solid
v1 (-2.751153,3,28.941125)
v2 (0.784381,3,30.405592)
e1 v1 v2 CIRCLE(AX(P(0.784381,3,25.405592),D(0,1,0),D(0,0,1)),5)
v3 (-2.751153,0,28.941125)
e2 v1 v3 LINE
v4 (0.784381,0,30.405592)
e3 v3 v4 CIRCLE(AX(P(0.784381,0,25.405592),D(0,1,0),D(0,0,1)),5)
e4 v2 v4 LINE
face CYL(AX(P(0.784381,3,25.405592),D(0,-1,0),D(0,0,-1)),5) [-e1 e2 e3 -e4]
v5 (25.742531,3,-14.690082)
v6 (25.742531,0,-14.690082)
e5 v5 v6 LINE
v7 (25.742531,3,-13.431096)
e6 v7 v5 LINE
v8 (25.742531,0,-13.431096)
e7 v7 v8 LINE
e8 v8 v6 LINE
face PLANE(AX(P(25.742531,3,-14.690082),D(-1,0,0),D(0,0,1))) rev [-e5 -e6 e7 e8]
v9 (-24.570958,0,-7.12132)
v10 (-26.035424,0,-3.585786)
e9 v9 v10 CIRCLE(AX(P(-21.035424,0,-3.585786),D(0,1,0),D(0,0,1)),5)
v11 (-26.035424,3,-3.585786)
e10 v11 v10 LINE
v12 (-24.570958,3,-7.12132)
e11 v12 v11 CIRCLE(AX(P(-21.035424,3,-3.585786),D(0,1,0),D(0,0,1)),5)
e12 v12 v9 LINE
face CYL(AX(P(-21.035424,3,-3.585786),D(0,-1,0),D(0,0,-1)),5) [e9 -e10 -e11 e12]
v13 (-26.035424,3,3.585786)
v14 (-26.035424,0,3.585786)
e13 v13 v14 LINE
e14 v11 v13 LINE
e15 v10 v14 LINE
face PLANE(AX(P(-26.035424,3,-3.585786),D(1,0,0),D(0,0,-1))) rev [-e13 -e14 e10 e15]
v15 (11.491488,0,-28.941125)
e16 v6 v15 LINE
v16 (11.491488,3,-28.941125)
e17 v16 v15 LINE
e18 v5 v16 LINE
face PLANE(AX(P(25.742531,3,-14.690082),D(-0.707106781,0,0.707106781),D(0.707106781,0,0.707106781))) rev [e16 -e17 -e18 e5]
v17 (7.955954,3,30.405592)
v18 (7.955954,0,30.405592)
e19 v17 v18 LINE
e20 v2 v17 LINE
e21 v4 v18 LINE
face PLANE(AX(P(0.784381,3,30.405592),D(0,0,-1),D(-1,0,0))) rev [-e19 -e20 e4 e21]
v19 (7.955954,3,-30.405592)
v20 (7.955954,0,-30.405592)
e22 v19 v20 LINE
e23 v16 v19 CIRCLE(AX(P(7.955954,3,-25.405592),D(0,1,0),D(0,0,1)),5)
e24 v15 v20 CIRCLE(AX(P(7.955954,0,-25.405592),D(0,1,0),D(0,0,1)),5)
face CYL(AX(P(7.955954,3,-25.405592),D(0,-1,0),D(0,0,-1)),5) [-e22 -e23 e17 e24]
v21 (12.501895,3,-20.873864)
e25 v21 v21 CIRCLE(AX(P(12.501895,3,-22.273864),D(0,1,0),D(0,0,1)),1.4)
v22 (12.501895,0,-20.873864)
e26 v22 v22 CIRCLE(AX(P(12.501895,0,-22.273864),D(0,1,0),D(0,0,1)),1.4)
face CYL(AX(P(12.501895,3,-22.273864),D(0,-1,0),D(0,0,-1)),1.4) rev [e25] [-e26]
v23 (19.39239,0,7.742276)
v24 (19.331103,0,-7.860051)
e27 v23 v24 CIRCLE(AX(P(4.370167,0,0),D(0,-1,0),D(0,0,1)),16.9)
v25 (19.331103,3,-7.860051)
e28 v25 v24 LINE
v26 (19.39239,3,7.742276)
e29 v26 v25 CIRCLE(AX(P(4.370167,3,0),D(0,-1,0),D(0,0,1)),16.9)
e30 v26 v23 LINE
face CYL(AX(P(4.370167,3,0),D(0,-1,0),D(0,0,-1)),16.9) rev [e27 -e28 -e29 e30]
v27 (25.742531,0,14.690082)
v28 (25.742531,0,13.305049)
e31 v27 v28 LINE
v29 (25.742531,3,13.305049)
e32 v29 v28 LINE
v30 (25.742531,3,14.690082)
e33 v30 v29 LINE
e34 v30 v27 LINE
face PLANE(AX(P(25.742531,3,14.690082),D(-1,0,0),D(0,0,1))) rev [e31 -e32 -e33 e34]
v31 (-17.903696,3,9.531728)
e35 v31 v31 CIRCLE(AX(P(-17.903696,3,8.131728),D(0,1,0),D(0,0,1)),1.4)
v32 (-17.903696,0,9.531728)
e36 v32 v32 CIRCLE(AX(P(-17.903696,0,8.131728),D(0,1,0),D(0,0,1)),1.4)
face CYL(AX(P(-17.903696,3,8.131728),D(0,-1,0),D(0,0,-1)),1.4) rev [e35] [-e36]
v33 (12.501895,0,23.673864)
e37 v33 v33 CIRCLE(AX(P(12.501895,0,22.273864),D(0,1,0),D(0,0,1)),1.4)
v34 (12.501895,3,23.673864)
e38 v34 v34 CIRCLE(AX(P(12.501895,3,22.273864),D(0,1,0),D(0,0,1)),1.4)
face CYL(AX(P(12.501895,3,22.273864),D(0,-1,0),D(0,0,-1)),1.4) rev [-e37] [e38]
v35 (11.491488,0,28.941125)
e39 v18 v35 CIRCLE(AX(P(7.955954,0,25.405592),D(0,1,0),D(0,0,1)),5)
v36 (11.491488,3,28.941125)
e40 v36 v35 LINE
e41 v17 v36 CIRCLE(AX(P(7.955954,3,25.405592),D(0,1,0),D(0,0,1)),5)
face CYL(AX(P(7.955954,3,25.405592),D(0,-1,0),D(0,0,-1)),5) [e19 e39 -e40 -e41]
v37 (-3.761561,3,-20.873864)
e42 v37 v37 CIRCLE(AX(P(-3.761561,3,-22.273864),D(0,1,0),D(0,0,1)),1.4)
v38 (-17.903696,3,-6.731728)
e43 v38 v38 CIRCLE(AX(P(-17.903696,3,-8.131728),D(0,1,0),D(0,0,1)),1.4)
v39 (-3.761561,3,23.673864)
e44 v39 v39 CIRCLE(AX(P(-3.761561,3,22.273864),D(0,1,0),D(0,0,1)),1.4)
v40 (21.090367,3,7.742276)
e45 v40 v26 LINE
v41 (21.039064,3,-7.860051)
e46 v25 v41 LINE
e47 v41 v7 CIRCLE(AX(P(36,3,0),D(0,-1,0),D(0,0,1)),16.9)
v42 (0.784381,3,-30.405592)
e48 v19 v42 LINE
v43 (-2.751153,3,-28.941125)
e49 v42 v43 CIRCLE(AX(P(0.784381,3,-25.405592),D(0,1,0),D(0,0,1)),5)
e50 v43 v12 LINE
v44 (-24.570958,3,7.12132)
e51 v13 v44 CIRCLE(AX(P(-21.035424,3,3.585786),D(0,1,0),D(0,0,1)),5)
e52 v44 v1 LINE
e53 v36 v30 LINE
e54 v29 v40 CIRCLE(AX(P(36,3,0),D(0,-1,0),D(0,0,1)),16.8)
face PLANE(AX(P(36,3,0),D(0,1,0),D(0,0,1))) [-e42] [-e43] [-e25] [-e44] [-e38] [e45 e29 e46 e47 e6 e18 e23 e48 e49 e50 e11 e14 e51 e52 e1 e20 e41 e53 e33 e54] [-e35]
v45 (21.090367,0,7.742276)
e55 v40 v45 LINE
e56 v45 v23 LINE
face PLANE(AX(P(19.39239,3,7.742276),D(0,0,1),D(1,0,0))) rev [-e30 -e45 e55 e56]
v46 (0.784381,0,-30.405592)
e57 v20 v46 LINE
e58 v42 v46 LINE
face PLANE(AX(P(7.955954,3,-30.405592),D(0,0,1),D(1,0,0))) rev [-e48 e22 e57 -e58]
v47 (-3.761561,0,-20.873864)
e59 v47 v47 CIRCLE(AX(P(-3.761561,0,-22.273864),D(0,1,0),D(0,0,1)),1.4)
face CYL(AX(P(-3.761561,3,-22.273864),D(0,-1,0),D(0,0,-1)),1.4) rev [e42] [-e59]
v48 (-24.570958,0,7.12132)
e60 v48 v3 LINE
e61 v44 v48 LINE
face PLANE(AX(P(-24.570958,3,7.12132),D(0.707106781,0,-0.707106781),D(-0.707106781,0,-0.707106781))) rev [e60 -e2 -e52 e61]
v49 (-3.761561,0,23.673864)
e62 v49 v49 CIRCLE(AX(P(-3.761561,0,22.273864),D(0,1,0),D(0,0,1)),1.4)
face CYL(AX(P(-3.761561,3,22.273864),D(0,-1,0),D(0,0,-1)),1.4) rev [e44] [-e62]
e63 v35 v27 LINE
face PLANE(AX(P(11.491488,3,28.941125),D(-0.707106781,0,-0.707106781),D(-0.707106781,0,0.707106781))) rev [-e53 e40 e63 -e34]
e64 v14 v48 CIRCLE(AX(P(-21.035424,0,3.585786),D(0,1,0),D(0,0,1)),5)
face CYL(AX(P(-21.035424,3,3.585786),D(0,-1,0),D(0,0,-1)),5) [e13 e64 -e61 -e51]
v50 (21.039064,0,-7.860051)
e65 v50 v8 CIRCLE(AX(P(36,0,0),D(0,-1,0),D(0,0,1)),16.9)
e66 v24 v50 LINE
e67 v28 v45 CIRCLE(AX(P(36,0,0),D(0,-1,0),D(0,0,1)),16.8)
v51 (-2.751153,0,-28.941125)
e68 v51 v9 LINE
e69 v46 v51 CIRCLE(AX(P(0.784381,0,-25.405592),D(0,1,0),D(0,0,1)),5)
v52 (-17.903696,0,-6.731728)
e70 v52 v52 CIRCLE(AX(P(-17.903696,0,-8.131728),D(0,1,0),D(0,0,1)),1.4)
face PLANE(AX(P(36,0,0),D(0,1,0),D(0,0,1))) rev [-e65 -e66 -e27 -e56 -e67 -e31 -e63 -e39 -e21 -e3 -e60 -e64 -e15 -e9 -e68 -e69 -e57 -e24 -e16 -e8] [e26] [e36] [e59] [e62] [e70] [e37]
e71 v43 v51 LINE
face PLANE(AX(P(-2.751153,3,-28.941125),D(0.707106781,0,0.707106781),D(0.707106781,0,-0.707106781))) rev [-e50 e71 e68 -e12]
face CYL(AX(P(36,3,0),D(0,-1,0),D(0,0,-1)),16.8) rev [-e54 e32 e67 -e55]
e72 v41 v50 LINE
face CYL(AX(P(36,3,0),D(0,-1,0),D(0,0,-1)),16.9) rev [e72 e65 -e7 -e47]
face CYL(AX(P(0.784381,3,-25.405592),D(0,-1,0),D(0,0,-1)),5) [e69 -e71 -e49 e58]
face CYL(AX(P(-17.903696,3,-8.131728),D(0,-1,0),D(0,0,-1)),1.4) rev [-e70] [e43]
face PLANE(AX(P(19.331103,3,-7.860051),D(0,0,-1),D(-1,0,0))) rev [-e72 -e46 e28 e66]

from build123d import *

# Parameters (mm, degrees)
SKETCH1_R           = 1.4
BOSS_EXTRUDE1_DEPTH = 3


with BuildPart() as part:
    # Sketch1 → Boss-Extrude1 (new body)
    with BuildSketch(Plane(origin=(0, 0, 0), x_dir=(1, 0, 0), z_dir=(0, 1, 0))):
        with BuildLine():
            Line((25.742531042, 14.690082128), (11.491487674, 28.941125497))
            ThreePointArc((11.491487674, 28.941125497), (9.869370929, 30.024989254), (7.955953768, 30.405591591))
            Line((7.955953768, 30.405591591), (0.784380892, 30.405591591))
            ThreePointArc((0.784380892, 30.405591591), (-1.129036269, 30.024989254), (-2.751153014, 28.941125497))
            Line((-2.751153014, 28.941125497), (-24.570958167, 7.121320344))
            ThreePointArc((-24.570958167, 7.121320344), (-25.654821924, 5.499203599), (-26.035424261, 3.585786438))
            Line((-26.035424261, 3.585786438), (-26.035424261, -3.585786438))
            ThreePointArc((-26.035424261, -3.585786438), (-25.654821924, -5.499203599), (-24.570958167, -7.121320344))
            Line((-24.570958167, -7.121320344), (-2.751153014, -28.941125497))
            ThreePointArc((-2.751153014, -28.941125497), (-1.129036269, -30.024989254), (0.784380892, -30.405591591))
            Line((0.784380892, -30.405591591), (7.955953768, -30.405591591))
            ThreePointArc((7.955953768, -30.405591591), (9.869370929, -30.024989254), (11.491487674, -28.941125497))
            Line((11.491487674, -28.941125497), (25.742531042, -14.690082128))
            Line((25.742531042, -14.690082128), (25.742531042, -13.305049063))
            ThreePointArc((25.742531042, -13.305049063), (23.11272458, -10.777668219), (21.090366856, -7.742276119))
            Line((21.090366856, -7.742276119), (19.392389552, -7.742276119))
            ThreePointArc((19.392389552, -7.742276119), (-12.529702293, -0.066383131), (19.331103203, 7.860050751))
            Line((19.331103203, 7.860050751), (21.039064127, 7.860050751))
            ThreePointArc((21.039064127, 7.860050751), (23.086785029, 10.90224193), (25.742531042, 13.431095658))
            Line((25.742531042, 13.431095658), (25.742531042, 14.690082128))
        make_face()
        with Locations((12.501895314, -22.273863607)):
            Circle(SKETCH1_R, mode=Mode.SUBTRACT)
        with Locations((-3.761560654, -22.273863607)):
            Circle(SKETCH1_R, mode=Mode.SUBTRACT)
        with Locations((-17.903696277, -8.131727984)):
            Circle(SKETCH1_R, mode=Mode.SUBTRACT)
        with Locations((-17.903696277, 8.131727984)):
            Circle(SKETCH1_R, mode=Mode.SUBTRACT)
        with Locations((-3.761560654, 22.273863607)):
            Circle(SKETCH1_R, mode=Mode.SUBTRACT)
        with Locations((12.501895314, 22.273863607)):
            Circle(SKETCH1_R, mode=Mode.SUBTRACT)
    extrude(amount=BOSS_EXTRUDE1_DEPTH)


solid = part.part
